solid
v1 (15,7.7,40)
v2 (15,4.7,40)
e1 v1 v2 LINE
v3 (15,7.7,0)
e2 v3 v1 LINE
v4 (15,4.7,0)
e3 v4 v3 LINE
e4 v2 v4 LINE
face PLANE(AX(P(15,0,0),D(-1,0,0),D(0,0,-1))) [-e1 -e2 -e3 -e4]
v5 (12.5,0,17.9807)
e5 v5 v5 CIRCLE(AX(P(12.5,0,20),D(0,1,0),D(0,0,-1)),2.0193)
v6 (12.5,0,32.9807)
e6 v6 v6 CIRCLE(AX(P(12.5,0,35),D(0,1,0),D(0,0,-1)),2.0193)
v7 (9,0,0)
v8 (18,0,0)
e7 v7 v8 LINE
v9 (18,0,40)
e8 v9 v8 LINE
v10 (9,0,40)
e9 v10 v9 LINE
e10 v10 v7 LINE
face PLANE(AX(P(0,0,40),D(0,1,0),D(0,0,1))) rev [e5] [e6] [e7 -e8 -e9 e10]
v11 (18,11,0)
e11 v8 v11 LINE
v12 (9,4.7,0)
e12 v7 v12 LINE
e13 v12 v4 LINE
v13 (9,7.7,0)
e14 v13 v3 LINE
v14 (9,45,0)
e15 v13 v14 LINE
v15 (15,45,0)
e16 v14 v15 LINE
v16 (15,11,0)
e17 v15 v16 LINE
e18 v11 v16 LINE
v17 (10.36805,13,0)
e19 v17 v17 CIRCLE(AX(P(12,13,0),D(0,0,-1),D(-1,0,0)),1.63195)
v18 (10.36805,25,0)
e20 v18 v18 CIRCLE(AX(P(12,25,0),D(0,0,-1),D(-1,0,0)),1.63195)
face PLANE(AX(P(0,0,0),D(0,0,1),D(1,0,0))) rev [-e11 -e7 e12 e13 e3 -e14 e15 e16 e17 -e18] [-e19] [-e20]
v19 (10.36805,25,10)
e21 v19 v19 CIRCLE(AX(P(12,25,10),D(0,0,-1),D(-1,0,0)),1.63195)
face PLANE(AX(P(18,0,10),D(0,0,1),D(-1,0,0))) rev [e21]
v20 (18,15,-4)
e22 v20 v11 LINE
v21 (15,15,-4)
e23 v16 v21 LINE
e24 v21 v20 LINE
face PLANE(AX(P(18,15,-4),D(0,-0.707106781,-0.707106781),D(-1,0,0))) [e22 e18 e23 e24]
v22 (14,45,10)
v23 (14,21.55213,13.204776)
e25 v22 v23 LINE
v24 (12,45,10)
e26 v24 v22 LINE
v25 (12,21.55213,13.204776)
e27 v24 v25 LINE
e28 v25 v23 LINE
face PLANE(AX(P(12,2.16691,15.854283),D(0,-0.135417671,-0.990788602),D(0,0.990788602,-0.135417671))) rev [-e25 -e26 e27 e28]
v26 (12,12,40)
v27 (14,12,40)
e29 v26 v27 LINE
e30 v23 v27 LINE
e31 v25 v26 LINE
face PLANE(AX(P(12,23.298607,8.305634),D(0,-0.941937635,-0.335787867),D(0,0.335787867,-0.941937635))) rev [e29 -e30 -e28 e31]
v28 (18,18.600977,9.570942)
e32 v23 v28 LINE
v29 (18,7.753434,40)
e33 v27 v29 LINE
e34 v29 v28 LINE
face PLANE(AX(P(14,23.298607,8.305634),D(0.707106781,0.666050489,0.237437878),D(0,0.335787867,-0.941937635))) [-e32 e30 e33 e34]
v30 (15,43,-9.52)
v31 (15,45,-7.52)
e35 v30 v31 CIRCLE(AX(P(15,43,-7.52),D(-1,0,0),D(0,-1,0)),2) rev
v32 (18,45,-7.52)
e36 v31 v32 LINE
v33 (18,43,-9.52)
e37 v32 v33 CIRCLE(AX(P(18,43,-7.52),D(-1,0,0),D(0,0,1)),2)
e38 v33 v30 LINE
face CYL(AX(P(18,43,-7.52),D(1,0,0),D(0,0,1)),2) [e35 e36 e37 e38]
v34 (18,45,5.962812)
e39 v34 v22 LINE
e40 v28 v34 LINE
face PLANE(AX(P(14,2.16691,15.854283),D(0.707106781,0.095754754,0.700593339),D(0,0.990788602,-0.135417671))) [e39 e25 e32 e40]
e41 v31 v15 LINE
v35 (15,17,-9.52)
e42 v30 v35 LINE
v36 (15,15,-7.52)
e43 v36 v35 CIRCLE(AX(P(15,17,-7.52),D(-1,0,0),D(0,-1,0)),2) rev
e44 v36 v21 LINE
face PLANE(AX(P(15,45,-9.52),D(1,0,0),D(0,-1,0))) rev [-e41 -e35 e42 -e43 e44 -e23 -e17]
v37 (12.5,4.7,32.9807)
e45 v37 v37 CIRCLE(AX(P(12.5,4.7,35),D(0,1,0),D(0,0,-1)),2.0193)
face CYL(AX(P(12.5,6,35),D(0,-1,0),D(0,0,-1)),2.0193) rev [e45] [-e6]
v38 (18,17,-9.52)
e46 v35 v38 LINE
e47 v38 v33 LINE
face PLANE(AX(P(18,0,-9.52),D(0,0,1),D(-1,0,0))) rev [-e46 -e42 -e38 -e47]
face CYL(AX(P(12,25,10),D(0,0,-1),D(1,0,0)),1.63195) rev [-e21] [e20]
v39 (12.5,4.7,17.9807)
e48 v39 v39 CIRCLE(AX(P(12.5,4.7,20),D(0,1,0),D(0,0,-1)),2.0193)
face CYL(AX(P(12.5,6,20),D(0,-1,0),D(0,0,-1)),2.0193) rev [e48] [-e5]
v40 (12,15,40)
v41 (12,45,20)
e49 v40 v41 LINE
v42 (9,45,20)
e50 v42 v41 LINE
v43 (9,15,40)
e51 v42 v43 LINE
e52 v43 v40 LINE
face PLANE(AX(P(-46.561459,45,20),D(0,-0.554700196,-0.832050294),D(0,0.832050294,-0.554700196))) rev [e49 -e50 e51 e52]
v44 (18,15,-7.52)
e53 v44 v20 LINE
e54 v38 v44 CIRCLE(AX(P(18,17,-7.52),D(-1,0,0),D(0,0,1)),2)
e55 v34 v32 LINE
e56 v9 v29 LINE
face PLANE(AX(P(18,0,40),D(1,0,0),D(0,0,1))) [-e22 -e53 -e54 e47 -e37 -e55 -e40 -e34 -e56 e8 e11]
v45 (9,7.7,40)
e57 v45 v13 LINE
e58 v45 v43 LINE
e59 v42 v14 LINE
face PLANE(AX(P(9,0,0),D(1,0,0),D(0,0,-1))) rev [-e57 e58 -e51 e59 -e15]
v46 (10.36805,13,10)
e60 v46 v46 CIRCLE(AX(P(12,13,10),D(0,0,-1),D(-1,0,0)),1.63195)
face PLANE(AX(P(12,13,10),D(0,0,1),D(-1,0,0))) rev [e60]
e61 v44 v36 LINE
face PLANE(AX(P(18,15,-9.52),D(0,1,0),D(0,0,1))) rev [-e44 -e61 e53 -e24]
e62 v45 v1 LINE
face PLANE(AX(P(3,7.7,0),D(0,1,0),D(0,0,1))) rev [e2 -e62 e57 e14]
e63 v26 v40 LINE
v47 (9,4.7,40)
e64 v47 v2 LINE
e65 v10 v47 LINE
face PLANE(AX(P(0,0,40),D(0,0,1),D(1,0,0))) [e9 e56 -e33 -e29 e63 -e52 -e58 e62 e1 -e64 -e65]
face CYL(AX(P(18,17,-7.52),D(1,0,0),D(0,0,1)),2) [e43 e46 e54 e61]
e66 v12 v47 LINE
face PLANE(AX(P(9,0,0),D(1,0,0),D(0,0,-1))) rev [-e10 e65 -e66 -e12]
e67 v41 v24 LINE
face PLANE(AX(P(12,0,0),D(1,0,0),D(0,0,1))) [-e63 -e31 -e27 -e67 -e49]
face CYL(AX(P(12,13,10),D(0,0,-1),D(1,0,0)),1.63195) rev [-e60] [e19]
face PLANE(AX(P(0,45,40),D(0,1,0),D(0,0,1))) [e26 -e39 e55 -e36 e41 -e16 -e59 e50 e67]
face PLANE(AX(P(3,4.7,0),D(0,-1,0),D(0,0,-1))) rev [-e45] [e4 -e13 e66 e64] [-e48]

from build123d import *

# Parameters (mm, degrees)
SKETCH1_W           = 9
SKETCH1_H           = 45
SKETCH1_R           = 1.63195
BOSS_EXTRUDE1_DEPTH = 40
SKETCH1_3_R         = 1.63195
CUT_EXTRUDE1_DEPTH  = 10
SKETCH2_W           = 40
SKETCH2_H           = 3
CUT_EXTRUDE2_DEPTH  = 6
CUT_EXTRUDE3_DEPTH  = 9
CUT_EXTRUDE4_DEPTH  = 6
CHAMFER2_SIZE       = 4
SKETCH6_R           = 2.0193
CUT_EXTRUDE5_DEPTH  = 6
SKETCH7_W           = 3
SKETCH7_H           = 30
BOSS_EXTRUDE3_DEPTH = 9.52
CHAMFER3_SIZE       = 4
FILLET1_R           = 2
SKETCH8_W           = 73.917674983
SKETCH8_H           = 61.996597993
CUT_EXTRUDE6_DEPTH  = 9


with BuildPart() as part:
    # Sketch1 → Boss-Extrude1 (new body)
    # profile 1 of 3: a face of its own
    with BuildSketch(Plane.XY):
        with Locations((4.5, 22.5)):
            Rectangle(SKETCH1_W, SKETCH1_H)
        with Locations((6, 13)):
            Circle(SKETCH1_R, mode=Mode.SUBTRACT)
        with Locations((6, 25)):
            Circle(SKETCH1_R, mode=Mode.SUBTRACT)
    # profile 2 of 3: a face of its own
    with BuildSketch(Plane.XY):
        with Locations((6, 25)):
            Circle(SKETCH1_R)
    # profile 3 of 3: a face of its own
    with BuildSketch(Plane.XY):
        with Locations((6, 13)):
            Circle(SKETCH1_R)
    extrude(amount=BOSS_EXTRUDE1_DEPTH)

    # Sketch1<3> → Cut-Extrude1 (cut)
    with BuildSketch(Plane.XY):
        with Locations((6, 25)):
            Circle(SKETCH1_3_R)
        with Locations((6, 13)):
            Circle(SKETCH1_3_R)
    extrude(amount=CUT_EXTRUDE1_DEPTH, mode=Mode.SUBTRACT)

    # Sketch2 → Cut-Extrude2 (cut)
    with BuildSketch(Plane(origin=(9, 0, 0), x_dir=(0, 0, -1), z_dir=(1, 0, 0))):
        with Locations((-20, 6.2)):
            Rectangle(SKETCH2_W, SKETCH2_H)
    extrude(amount=-CUT_EXTRUDE2_DEPTH, mode=Mode.SUBTRACT)

    # Sketch3 → Cut-Extrude3 (cut)
    with BuildSketch(Plane(origin=(9, 0, 0), x_dir=(0, 0, -1), z_dir=(1, 0, 0))):
        Polygon((-20, 45), (-40, 15), (-48.379363257, 51.913157268), align=None)
    extrude(amount=-CUT_EXTRUDE3_DEPTH, mode=Mode.SUBTRACT)

    # Sketch5 → Cut-Extrude4 (cut)
    with BuildSketch(Plane.ZY):
        Polygon((20, 45), (10, 45), (13.204776383, 21.55213026), (40, 12), (40, 15), align=None)
    extrude(amount=-CUT_EXTRUDE4_DEPTH, mode=Mode.SUBTRACT)

    # Chamfer2
    chamfer2_edges = [part.edges().sort_by_distance(p)[0] for p in [
        (0, 33.27606513, 11.602388192),
        (0, 16.77606513, 26.602388192),
    ]]
    chamfer(chamfer2_edges, length=CHAMFER2_SIZE)

    # Sketch6 → Cut-Extrude5 (cut)
    with BuildSketch(Plane.XZ):
        with Locations(Location((5.5, 35, 0), (0, 0, 270))):
            Circle(SKETCH6_R)
        with Locations(Location((5.5, 20, 0), (0, 0, 270))):
            Circle(SKETCH6_R)
    extrude(amount=-CUT_EXTRUDE5_DEPTH, mode=Mode.SUBTRACT)

    # Sketch7 → Boss-Extrude3 (add)
    with BuildSketch(Plane(origin=(0, 0, 0), x_dir=(-1, 0, 0), z_dir=(0, 0, -1))):
        with Locations((-1.5, 30)):
            Rectangle(SKETCH7_W, SKETCH7_H)
    extrude(amount=BOSS_EXTRUDE3_DEPTH)

    # Chamfer3
    chamfer3_edges = [part.edges().sort_by_distance(p)[0] for p in [
        (1.5, 15, 0),
    ]]
    chamfer(chamfer3_edges, length=CHAMFER3_SIZE)

    # Fillet1
    fillet1_edges = [part.edges().sort_by_distance(p)[0] for p in [
        (1.5, 45, -9.52),
        (1.5, 15, -9.52),
    ]]
    fillet(fillet1_edges, radius=FILLET1_R)

    # Mirror1: part across plane


with BuildPart() as part_1:
    add(part.part)
    add(part.part.mirror(Plane(origin=(9, 0, 40), x_dir=(0, 0, 1), z_dir=(-1, 0, 0))))

    # Sketch8 → Cut-Extrude6 (cut)
    with BuildSketch(Plane(origin=(0, 0, 0), x_dir=(0, 0, -1), z_dir=(1, 0, 0))):
        with Locations((-12.663539667, 19.880173389)):
            Rectangle(SKETCH8_W, SKETCH8_H)
    extrude(amount=CUT_EXTRUDE6_DEPTH, mode=Mode.SUBTRACT)


solid = part_1.part
